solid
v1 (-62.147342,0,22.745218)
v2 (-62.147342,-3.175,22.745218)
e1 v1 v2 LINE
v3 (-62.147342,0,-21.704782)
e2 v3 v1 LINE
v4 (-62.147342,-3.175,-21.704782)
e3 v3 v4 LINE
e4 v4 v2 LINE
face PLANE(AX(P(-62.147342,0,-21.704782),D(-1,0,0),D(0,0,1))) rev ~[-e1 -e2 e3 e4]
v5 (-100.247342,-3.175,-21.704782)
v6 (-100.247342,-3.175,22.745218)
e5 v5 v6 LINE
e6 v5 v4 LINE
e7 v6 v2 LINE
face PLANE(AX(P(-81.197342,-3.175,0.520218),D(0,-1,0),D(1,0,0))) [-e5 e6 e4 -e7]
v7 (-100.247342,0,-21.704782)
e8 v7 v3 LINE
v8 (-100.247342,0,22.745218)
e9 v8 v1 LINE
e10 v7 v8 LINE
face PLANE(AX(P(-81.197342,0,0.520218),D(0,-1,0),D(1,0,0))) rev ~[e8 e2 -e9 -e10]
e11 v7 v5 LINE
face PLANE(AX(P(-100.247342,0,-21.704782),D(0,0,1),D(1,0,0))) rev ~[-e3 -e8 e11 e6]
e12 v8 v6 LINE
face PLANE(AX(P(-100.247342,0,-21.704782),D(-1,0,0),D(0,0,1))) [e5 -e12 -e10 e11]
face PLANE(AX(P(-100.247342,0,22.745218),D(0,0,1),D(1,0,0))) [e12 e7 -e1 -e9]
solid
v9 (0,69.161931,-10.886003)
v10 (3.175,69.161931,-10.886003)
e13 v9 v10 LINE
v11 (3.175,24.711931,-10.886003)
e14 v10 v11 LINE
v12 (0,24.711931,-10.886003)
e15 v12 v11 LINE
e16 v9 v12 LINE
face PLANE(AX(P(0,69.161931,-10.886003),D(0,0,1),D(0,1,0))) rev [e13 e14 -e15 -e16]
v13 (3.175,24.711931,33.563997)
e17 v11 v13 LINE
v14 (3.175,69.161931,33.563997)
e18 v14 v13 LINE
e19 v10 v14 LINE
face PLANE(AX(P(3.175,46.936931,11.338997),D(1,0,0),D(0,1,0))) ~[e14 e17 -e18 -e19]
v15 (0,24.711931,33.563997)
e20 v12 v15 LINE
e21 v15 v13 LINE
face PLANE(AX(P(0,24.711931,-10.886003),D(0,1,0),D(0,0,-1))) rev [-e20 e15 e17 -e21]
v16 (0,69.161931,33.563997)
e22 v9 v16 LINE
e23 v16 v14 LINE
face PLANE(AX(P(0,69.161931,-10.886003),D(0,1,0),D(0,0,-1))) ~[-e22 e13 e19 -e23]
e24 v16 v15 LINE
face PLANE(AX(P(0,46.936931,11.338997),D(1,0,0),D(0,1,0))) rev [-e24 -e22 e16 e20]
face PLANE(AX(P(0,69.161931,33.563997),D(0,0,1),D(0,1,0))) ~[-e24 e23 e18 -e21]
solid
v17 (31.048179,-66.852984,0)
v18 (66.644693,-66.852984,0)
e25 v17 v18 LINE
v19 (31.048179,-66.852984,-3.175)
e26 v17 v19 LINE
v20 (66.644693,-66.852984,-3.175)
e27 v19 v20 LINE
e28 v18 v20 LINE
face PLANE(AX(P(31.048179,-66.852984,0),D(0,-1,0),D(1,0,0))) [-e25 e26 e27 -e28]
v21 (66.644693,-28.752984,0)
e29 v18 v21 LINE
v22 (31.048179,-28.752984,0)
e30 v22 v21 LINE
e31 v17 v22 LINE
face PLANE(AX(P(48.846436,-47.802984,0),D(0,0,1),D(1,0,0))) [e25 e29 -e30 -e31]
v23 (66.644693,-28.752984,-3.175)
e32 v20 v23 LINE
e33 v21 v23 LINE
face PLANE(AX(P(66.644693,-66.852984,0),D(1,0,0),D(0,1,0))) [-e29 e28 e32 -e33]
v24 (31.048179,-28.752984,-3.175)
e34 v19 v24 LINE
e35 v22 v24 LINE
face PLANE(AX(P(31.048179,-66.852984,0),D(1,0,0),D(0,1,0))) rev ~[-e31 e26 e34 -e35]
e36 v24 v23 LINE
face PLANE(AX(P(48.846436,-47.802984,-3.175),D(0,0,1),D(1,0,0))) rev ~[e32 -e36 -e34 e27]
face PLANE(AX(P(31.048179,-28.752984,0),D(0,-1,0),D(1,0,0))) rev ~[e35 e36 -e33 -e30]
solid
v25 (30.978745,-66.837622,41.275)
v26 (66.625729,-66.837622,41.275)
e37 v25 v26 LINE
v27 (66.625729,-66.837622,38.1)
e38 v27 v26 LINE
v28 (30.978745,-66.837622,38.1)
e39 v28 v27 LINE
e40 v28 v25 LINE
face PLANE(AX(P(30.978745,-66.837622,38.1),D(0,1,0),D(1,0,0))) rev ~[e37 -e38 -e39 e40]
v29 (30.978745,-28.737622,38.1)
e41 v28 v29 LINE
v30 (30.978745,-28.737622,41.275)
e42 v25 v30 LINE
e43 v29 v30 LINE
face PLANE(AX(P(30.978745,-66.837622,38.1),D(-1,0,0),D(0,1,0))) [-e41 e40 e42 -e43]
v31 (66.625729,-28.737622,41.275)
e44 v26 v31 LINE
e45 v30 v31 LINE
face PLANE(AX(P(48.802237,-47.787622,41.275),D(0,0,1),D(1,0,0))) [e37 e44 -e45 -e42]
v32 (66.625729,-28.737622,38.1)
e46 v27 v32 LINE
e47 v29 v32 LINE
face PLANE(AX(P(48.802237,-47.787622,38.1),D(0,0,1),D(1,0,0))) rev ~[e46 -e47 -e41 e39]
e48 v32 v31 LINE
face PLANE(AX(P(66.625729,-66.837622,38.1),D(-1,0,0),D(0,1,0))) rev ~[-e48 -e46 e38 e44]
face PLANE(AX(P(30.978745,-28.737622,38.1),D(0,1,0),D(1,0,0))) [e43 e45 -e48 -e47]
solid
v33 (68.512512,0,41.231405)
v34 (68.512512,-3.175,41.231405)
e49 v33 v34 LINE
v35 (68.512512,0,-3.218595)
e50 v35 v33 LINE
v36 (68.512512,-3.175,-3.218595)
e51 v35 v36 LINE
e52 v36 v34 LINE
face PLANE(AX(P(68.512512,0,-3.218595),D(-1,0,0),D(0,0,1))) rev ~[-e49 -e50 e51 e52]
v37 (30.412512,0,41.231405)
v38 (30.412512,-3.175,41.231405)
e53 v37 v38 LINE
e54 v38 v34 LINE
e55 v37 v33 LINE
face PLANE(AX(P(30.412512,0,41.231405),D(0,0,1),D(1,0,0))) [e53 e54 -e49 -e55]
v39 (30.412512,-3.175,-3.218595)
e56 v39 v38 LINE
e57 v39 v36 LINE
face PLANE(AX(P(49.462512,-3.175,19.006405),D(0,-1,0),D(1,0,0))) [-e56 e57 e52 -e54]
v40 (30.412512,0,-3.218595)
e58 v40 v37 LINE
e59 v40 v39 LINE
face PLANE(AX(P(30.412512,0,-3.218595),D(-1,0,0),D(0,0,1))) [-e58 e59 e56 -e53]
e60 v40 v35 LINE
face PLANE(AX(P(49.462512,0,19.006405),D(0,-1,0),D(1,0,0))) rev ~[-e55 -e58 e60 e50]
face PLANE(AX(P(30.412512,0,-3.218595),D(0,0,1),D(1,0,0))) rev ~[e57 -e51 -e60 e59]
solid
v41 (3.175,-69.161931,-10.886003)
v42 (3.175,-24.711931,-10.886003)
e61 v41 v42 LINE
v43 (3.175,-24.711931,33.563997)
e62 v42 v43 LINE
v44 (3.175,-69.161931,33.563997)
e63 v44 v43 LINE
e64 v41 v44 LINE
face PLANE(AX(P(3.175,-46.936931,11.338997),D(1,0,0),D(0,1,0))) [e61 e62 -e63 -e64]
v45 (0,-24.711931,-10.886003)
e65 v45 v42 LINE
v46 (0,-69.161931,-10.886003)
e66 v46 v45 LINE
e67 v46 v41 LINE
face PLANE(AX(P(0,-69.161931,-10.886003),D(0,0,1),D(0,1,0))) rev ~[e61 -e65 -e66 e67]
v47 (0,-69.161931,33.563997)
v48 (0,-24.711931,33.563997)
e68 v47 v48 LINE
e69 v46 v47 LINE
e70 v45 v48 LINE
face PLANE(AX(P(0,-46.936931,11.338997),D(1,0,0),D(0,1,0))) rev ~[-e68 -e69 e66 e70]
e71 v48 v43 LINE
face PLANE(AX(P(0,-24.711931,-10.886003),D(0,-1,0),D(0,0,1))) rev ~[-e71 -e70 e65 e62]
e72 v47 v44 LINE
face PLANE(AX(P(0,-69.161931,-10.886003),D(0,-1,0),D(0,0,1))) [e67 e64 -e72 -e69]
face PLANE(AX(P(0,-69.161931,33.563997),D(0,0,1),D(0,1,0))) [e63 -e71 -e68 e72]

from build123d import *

# Parameters (mm, degrees)
F2_W      = 35.646983982
F2_H      = 38.1
F3_DEPTH  = 3.175
F0_W      = 35.5965135368
F0_H      = 38.1
F4_DEPTH  = 3.175
F5_W      = 38.1
F5_H      = 44.45
F6_DEPTH  = 3.175
F7_W      = 44.45
F7_H      = 44.45
F8_DEPTH  = 3.175
F9_W      = 38.1
F9_H      = 44.45
F10_DEPTH = 3.175


with BuildPart() as f3:
    # F2 (on offset) → F3 (new body)
    with BuildSketch(Plane.XY.offset(38.1)):
        with Locations((48.8022370264, -47.7876216173)):
            Rectangle(F2_W, F2_H)
    extrude(amount=F3_DEPTH)


with BuildPart() as f4:
    # F0 (on Top) → F4 (new body)
    with BuildSketch(Plane.XY):
        with Locations((48.8464357331, -47.8029837832)):
            Rectangle(F0_W, F0_H)
    extrude(amount=-F4_DEPTH)


with BuildPart() as f6:
    # F5 (on Front) → F6 (new body)
    with BuildSketch(Plane.XZ):
        with Locations((49.4625122527, 19.0064050257)):
            Rectangle(F5_W, F5_H)
    extrude(amount=F6_DEPTH)


with BuildPart() as f8:
    # F7 (on Right) → F8 (new body)
    with BuildSketch(Plane.YZ):
        with Locations((-46.9369307002, 11.3389967009)):
            Rectangle(F7_W, F7_H)
    extrude(amount=F8_DEPTH)


with BuildPart() as f10:
    # F9 (on Front) → F10 (new body)
    with BuildSketch(Plane.XZ):
        with Locations((-81.197341904, 0.5202181637)):
            Rectangle(F9_W, F9_H)
    extrude(amount=F10_DEPTH)


with BuildPart() as f11_1:
    # F11: instance of F8
    add(f8.part.mirror(Plane.XZ))


solid = Compound([f3.part, f4.part, f6.part, f8.part, f10.part, f11_1.part])
